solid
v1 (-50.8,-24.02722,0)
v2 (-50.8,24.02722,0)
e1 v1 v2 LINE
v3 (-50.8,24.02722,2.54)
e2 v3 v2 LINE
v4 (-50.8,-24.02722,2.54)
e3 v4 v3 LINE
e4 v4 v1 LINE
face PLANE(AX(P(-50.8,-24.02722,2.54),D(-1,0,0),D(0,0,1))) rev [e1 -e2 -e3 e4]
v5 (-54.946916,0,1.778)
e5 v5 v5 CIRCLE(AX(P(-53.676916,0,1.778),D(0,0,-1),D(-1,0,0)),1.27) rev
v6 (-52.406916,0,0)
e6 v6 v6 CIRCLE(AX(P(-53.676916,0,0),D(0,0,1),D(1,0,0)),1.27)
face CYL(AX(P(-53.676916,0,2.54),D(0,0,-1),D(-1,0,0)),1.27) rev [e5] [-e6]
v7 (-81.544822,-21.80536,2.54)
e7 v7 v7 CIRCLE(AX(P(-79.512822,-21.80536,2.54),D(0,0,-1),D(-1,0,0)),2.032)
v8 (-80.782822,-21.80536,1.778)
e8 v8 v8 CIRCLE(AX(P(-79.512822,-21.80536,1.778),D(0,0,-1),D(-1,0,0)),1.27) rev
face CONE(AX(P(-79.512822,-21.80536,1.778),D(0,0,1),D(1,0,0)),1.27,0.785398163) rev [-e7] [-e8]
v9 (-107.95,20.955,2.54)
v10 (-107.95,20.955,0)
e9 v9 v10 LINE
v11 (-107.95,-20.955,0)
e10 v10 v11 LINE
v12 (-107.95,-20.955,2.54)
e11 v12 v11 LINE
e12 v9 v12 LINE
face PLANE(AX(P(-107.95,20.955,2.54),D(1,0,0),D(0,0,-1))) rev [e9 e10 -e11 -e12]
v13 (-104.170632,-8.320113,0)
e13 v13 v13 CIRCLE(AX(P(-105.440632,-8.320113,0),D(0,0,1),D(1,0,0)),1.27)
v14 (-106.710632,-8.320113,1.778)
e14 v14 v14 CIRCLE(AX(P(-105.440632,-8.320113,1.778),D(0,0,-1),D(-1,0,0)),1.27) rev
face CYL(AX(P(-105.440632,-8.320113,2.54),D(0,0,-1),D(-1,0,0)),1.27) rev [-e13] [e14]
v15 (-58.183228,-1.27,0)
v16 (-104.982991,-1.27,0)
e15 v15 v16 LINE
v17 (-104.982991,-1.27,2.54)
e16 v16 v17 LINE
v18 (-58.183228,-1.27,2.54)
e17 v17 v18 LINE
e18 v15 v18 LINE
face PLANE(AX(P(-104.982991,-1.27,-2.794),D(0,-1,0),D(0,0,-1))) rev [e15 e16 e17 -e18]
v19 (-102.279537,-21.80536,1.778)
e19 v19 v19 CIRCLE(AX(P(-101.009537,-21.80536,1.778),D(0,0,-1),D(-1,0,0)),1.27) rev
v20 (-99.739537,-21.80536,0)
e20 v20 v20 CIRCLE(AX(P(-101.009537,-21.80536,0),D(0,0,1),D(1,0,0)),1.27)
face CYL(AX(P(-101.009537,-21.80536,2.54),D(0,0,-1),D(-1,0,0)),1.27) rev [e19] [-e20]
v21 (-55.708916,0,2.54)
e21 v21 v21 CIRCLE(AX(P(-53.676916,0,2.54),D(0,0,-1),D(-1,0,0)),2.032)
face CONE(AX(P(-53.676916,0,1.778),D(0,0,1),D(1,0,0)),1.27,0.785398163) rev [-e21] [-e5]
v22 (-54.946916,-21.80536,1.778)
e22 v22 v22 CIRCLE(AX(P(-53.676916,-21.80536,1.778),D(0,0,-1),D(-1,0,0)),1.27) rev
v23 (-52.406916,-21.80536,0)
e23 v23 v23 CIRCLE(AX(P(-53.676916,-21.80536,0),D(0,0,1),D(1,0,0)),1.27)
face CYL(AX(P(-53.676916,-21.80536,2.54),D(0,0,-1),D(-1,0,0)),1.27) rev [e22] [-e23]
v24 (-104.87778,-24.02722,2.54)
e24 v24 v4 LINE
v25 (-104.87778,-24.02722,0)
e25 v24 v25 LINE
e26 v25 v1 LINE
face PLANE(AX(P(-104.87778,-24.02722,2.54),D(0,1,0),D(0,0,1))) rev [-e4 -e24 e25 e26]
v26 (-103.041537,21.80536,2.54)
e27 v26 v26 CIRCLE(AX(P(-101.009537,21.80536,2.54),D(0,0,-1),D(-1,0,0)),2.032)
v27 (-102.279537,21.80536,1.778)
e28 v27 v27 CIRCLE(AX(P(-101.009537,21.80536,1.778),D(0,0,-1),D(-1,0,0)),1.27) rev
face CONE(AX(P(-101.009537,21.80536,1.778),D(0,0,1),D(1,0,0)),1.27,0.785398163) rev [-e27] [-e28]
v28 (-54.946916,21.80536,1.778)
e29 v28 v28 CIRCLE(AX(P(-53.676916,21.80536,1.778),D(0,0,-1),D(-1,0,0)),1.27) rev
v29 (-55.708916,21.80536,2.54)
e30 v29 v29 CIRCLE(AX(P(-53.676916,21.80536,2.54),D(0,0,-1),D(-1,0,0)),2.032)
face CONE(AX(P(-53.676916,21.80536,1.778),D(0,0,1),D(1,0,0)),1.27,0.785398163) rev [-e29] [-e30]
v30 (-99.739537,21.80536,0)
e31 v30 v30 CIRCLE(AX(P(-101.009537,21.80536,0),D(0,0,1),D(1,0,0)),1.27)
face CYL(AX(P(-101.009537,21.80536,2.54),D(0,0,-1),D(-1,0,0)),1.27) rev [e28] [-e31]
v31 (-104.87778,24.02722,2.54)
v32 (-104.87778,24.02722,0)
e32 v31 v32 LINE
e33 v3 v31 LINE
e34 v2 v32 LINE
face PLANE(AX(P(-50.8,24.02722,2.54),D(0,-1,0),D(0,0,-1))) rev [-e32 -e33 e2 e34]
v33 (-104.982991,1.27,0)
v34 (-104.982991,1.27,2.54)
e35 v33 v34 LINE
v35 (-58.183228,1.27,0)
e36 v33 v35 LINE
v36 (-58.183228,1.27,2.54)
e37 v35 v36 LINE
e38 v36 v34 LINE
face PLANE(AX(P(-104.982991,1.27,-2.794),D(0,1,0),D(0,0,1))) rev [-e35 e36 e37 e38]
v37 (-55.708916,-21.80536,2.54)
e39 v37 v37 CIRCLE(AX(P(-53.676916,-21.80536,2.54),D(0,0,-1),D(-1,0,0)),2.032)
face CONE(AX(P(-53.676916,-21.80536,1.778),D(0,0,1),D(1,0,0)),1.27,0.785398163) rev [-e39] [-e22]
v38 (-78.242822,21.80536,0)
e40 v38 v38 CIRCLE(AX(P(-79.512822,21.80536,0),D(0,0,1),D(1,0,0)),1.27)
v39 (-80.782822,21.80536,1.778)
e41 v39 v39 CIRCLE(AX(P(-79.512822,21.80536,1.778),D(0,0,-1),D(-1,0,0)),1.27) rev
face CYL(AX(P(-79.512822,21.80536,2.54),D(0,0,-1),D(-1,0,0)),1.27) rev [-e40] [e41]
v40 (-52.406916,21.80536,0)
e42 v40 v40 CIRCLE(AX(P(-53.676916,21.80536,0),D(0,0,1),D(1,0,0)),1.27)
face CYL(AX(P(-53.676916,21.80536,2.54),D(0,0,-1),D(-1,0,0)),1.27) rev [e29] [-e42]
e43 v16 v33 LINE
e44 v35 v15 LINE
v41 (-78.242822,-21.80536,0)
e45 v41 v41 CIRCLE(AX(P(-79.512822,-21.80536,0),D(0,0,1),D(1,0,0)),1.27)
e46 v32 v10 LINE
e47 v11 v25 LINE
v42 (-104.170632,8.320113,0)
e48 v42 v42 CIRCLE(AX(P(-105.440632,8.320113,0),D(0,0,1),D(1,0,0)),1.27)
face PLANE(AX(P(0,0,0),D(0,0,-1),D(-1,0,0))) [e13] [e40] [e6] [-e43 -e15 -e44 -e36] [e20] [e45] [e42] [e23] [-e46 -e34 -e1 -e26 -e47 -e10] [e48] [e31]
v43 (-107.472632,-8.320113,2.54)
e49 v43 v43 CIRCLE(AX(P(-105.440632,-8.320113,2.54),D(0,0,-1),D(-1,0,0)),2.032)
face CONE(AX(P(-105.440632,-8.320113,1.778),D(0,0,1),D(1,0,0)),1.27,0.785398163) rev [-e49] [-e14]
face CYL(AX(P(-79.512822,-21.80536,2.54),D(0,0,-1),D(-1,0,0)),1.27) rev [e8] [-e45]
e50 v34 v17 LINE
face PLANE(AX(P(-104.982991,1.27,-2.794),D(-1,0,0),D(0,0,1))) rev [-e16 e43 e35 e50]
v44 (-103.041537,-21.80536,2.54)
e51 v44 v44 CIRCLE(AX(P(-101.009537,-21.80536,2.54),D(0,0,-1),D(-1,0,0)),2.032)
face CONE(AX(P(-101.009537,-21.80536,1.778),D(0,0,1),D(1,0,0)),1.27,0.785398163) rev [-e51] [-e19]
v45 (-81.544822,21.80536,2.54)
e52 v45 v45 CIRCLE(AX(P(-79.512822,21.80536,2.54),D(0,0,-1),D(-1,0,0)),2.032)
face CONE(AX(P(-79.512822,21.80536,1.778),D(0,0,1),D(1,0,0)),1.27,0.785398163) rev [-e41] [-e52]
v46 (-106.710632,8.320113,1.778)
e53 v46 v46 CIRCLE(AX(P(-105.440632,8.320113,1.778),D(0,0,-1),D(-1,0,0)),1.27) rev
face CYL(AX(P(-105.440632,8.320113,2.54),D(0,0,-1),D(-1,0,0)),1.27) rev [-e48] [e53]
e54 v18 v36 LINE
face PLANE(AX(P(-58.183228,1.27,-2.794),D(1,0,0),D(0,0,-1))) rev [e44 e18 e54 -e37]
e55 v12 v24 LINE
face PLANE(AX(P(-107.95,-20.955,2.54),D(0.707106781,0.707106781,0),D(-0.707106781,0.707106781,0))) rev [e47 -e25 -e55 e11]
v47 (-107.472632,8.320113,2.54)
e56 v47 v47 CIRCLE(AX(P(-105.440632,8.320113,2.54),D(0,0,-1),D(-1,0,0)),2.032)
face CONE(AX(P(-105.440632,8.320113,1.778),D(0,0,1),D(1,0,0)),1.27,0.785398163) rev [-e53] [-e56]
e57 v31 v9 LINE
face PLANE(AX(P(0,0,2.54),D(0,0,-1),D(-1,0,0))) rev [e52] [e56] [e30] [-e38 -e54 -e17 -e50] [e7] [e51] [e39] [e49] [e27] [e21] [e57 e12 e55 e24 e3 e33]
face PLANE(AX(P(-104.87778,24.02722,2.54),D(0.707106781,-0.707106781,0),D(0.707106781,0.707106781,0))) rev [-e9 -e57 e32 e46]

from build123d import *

# Parameters (mm, degrees)
SKETCH1_R           = 1.27
BOSS_EXTRUDE1_DEPTH = 2.54
CHAMFER1_SIZE       = 0.762
SKETCH2_W           = 46.799762806
SKETCH2_H           = 2.54
CUT_EXTRUDE1_DEPTH  = 5.334


with BuildPart() as part:
    # Sketch1 → Boss-Extrude1 (new body)
    with BuildSketch(Plane.XY):
        Polygon((-104.877780152, -24.027219848), (-50.8, -24.027219848), (-50.8, 24.027219848), (-104.877780152, 24.027219848), (-107.95, 20.955), (-107.95, -20.955), align=None)
        with Locations((-101.009537176, 21.805359873)):
            Circle(SKETCH1_R, mode=Mode.SUBTRACT)
        with Locations((-79.51282161, 21.805359873)):
            Circle(SKETCH1_R, mode=Mode.SUBTRACT)
        with Locations((-53.676916467, 21.805359873)):
            Circle(SKETCH1_R, mode=Mode.SUBTRACT)
        with Locations((-53.676916467, 0)):
            Circle(SKETCH1_R, mode=Mode.SUBTRACT)
        with Locations((-53.676916467, -21.805359873)):
            Circle(SKETCH1_R, mode=Mode.SUBTRACT)
        with Locations((-79.51282161, -21.805359873)):
            Circle(SKETCH1_R, mode=Mode.SUBTRACT)
        with Locations((-101.009537176, -21.805359873)):
            Circle(SKETCH1_R, mode=Mode.SUBTRACT)
        with Locations((-105.440631813, -8.320112928)):
            Circle(SKETCH1_R, mode=Mode.SUBTRACT)
        with Locations((-105.440631813, 8.320112928)):
            Circle(SKETCH1_R, mode=Mode.SUBTRACT)
    extrude(amount=BOSS_EXTRUDE1_DEPTH)

    # Chamfer1
    chamfer1_edges = [part.edges().sort_by_distance(p)[0] for p in [
        (-80.78282161, 21.805359873, 2.54),
        (-54.946916467, 21.805359873, 2.54),
        (-102.279537176, 21.805359873, 2.54),
        (-54.946916467, 0, 2.54),
        (-54.946916467, -21.805359873, 2.54),
        (-80.78282161, -21.805359873, 2.54),
        (-102.279537176, -21.805359873, 2.54),
        (-106.710631813, -8.320112928, 2.54),
        (-106.710631813, 8.320112928, 2.54),
    ]]
    chamfer(chamfer1_edges, length=CHAMFER1_SIZE)

    # Sketch2 → Cut-Extrude1 (cut)
    with BuildSketch(Plane.XY.offset(2.54)):
        with Locations((-81.583109387, 0)):
            Rectangle(SKETCH2_W, SKETCH2_H)
    extrude(amount=-CUT_EXTRUDE1_DEPTH, mode=Mode.SUBTRACT)


solid = part.part
